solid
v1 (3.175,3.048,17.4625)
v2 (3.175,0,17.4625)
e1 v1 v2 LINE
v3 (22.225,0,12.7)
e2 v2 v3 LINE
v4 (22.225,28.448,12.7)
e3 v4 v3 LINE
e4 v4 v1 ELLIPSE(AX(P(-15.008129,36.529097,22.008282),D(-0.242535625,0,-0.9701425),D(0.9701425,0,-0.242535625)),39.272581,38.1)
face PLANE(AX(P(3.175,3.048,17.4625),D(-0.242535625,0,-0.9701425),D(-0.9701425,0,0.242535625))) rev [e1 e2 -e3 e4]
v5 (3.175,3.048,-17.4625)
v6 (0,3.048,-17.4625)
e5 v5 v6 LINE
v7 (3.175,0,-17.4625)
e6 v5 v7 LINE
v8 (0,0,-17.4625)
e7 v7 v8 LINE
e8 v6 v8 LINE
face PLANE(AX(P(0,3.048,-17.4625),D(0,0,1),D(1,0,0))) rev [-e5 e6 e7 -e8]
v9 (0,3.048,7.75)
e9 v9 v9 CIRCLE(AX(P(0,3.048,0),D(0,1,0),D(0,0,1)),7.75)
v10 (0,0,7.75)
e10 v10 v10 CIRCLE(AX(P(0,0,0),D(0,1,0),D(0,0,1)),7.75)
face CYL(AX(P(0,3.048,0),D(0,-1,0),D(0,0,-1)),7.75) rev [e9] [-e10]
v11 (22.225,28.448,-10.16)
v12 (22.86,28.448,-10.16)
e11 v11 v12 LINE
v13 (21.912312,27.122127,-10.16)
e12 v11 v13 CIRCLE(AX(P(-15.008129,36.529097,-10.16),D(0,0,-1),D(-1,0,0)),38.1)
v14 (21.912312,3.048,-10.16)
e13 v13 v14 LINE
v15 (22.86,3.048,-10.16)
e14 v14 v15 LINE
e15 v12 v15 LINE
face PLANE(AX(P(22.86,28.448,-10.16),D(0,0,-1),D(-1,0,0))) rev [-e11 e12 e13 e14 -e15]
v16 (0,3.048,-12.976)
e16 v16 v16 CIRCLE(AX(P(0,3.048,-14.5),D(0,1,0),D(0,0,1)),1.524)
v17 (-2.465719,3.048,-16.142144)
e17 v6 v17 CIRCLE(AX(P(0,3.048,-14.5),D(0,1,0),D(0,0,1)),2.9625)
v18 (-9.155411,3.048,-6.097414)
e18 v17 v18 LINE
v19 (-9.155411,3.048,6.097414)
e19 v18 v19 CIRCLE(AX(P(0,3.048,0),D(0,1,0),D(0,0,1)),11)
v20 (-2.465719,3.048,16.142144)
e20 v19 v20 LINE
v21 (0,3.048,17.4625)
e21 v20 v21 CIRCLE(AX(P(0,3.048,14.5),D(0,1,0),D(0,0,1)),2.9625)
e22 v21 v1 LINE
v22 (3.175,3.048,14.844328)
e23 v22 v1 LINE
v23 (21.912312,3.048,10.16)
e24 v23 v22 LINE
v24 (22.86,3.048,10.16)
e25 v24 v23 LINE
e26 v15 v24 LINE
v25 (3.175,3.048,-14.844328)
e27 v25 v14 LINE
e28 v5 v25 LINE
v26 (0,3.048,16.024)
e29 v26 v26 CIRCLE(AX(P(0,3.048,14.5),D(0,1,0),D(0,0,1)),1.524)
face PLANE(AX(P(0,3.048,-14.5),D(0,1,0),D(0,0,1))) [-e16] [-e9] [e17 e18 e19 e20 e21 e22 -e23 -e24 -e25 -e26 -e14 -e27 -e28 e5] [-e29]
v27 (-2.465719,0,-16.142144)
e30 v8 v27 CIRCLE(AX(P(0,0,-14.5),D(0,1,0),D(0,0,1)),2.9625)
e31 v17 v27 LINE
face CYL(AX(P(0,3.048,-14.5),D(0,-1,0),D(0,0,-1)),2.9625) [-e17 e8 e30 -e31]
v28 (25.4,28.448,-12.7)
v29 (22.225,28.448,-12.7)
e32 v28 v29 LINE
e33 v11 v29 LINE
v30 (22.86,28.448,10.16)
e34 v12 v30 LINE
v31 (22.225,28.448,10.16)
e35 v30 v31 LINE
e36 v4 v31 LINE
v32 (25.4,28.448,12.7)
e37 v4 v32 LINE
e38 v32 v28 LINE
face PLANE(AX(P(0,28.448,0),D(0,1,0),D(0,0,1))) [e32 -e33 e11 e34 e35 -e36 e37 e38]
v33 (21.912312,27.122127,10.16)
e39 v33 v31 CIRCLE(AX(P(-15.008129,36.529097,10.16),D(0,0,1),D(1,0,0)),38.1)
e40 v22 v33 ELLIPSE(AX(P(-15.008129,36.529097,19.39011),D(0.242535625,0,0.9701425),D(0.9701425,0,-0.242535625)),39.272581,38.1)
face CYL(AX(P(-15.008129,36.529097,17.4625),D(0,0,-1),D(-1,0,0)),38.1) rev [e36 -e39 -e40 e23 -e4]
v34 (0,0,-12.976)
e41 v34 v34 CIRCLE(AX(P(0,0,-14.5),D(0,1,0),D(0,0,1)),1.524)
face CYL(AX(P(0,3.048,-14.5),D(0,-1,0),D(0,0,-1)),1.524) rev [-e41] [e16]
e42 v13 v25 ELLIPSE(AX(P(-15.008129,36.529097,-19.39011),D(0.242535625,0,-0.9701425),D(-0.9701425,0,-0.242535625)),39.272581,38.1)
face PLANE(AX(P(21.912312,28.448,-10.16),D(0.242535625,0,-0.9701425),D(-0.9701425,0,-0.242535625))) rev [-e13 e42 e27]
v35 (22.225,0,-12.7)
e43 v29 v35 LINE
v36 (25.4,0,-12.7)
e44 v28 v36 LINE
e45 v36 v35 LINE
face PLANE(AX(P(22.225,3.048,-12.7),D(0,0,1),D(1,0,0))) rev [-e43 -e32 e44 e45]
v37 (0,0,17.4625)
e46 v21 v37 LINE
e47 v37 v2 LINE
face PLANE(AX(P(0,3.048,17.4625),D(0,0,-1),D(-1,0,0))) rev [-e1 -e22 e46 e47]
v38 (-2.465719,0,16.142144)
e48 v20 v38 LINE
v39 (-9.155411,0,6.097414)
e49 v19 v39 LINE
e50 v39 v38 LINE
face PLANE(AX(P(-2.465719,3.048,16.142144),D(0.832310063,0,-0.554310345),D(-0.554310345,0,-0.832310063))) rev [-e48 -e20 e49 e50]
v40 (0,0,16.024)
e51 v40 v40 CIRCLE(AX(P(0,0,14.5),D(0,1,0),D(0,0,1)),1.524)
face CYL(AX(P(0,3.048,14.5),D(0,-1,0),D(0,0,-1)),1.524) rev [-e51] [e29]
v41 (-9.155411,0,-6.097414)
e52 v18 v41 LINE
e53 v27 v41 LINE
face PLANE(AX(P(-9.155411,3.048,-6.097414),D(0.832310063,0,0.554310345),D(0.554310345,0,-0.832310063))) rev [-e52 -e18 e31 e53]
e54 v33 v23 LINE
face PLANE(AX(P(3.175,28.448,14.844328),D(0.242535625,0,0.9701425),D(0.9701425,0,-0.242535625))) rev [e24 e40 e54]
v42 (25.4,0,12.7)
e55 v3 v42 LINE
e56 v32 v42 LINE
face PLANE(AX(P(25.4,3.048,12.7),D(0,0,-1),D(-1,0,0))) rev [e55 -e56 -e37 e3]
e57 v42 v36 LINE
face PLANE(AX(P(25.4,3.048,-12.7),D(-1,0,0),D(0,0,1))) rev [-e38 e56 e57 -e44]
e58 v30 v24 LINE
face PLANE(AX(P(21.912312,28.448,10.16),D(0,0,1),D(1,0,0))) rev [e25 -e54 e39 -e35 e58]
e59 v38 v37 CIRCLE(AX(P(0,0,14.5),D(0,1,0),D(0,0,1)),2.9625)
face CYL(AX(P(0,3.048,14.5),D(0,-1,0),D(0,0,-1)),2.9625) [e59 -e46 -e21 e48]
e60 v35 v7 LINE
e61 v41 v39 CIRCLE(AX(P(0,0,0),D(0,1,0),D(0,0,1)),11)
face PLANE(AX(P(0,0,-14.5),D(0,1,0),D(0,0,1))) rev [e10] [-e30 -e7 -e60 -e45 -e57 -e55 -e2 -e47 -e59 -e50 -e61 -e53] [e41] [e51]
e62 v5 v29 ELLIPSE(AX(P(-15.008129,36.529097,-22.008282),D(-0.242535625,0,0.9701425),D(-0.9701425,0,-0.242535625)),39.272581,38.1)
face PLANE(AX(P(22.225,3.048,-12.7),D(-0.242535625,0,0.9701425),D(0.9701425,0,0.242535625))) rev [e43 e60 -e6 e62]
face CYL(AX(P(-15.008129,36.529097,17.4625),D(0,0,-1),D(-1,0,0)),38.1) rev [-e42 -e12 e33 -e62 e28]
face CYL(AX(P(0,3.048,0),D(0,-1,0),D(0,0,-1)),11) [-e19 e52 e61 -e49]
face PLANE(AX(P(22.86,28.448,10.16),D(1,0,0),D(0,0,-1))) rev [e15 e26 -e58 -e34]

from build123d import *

# Parameters (mm, degrees)
SKETCH1_R           = 7.75
SKETCH1_R_2         = 1.524
BOSS_EXTRUDE1_DEPTH = 3.048
BOSS_EXTRUDE2_DEPTH = 25.4
CUT_EXTRUDE1_DEPTH  = 35.925


with BuildPart() as part:
    # Sketch1 → Boss-Extrude1 (new body)
    with BuildSketch(Plane(origin=(0, 0, 0), x_dir=(1, 0, 0), z_dir=(0, 1, 0))):
        with BuildLine():
            Line((25.4, 12.7), (25.4, -12.7))
            Line((25.4, -12.7), (22.225, -12.7))
            Line((22.225, -12.7), (3.175, -17.4625))
            Line((3.175, -17.4625), (0, -17.4625))
            ThreePointArc((0, -17.4625), (-1.398490879, -17.111633495), (-2.465718563, -16.142144397))
            Line((-2.465718563, -16.142144397), (-9.155410697, -6.097413793))
            ThreePointArc((-9.155410697, -6.097413793), (-11, 0), (-9.155410697, 6.097413793))
            Line((-9.155410697, 6.097413793), (-2.465718563, 16.142144397))
            ThreePointArc((-2.465718563, 16.142144397), (-1.398490879, 17.111633495), (0, 17.4625))
            Line((0, 17.4625), (3.175, 17.4625))
            Line((3.175, 17.4625), (22.225, 12.7))
            Line((22.225, 12.7), (25.4, 12.7))
        make_face()
        Circle(SKETCH1_R, mode=Mode.SUBTRACT)
        with Locations((0, 14.5)):
            Circle(SKETCH1_R_2, mode=Mode.SUBTRACT)
        with Locations((0, -14.5)):
            Circle(SKETCH1_R_2, mode=Mode.SUBTRACT)
    extrude(amount=BOSS_EXTRUDE1_DEPTH)

    # Sketch2 → Boss-Extrude2 (add)
    with BuildSketch(Plane(origin=(0, 3.048, 0), x_dir=(1, 0, 0), z_dir=(0, 1, 0))):
        Polygon((3.175, 17.4625), (3.175, 14.844327928), (21.912311711, 10.16), (22.86, 10.16), (22.86, -10.16), (21.912311711, -10.16), (3.175, -14.844327928), (3.175, -17.4625), (22.225, -12.7), (25.4, -12.7), (25.4, 12.7), (22.225, 12.7), align=None)
    extrude(amount=BOSS_EXTRUDE2_DEPTH)

    # Sketch3 → Cut-Extrude1 (cut, through all)
    with BuildSketch(Plane(origin=(0, 0, -17.4625), x_dir=(-1, 0, 0), z_dir=(0, 0, -1))):
        with BuildLine():
            Line((-22.225, 28.448), (-3.175, 28.448))
            Line((-3.175, 28.448), (-3.175, 3.048))
            ThreePointArc((-3.175, 3.048), (-15.471871229, 13.669096578), (-22.225, 28.448))
        make_face()
    extrude(amount=-CUT_EXTRUDE1_DEPTH, mode=Mode.SUBTRACT)


solid = part.part
